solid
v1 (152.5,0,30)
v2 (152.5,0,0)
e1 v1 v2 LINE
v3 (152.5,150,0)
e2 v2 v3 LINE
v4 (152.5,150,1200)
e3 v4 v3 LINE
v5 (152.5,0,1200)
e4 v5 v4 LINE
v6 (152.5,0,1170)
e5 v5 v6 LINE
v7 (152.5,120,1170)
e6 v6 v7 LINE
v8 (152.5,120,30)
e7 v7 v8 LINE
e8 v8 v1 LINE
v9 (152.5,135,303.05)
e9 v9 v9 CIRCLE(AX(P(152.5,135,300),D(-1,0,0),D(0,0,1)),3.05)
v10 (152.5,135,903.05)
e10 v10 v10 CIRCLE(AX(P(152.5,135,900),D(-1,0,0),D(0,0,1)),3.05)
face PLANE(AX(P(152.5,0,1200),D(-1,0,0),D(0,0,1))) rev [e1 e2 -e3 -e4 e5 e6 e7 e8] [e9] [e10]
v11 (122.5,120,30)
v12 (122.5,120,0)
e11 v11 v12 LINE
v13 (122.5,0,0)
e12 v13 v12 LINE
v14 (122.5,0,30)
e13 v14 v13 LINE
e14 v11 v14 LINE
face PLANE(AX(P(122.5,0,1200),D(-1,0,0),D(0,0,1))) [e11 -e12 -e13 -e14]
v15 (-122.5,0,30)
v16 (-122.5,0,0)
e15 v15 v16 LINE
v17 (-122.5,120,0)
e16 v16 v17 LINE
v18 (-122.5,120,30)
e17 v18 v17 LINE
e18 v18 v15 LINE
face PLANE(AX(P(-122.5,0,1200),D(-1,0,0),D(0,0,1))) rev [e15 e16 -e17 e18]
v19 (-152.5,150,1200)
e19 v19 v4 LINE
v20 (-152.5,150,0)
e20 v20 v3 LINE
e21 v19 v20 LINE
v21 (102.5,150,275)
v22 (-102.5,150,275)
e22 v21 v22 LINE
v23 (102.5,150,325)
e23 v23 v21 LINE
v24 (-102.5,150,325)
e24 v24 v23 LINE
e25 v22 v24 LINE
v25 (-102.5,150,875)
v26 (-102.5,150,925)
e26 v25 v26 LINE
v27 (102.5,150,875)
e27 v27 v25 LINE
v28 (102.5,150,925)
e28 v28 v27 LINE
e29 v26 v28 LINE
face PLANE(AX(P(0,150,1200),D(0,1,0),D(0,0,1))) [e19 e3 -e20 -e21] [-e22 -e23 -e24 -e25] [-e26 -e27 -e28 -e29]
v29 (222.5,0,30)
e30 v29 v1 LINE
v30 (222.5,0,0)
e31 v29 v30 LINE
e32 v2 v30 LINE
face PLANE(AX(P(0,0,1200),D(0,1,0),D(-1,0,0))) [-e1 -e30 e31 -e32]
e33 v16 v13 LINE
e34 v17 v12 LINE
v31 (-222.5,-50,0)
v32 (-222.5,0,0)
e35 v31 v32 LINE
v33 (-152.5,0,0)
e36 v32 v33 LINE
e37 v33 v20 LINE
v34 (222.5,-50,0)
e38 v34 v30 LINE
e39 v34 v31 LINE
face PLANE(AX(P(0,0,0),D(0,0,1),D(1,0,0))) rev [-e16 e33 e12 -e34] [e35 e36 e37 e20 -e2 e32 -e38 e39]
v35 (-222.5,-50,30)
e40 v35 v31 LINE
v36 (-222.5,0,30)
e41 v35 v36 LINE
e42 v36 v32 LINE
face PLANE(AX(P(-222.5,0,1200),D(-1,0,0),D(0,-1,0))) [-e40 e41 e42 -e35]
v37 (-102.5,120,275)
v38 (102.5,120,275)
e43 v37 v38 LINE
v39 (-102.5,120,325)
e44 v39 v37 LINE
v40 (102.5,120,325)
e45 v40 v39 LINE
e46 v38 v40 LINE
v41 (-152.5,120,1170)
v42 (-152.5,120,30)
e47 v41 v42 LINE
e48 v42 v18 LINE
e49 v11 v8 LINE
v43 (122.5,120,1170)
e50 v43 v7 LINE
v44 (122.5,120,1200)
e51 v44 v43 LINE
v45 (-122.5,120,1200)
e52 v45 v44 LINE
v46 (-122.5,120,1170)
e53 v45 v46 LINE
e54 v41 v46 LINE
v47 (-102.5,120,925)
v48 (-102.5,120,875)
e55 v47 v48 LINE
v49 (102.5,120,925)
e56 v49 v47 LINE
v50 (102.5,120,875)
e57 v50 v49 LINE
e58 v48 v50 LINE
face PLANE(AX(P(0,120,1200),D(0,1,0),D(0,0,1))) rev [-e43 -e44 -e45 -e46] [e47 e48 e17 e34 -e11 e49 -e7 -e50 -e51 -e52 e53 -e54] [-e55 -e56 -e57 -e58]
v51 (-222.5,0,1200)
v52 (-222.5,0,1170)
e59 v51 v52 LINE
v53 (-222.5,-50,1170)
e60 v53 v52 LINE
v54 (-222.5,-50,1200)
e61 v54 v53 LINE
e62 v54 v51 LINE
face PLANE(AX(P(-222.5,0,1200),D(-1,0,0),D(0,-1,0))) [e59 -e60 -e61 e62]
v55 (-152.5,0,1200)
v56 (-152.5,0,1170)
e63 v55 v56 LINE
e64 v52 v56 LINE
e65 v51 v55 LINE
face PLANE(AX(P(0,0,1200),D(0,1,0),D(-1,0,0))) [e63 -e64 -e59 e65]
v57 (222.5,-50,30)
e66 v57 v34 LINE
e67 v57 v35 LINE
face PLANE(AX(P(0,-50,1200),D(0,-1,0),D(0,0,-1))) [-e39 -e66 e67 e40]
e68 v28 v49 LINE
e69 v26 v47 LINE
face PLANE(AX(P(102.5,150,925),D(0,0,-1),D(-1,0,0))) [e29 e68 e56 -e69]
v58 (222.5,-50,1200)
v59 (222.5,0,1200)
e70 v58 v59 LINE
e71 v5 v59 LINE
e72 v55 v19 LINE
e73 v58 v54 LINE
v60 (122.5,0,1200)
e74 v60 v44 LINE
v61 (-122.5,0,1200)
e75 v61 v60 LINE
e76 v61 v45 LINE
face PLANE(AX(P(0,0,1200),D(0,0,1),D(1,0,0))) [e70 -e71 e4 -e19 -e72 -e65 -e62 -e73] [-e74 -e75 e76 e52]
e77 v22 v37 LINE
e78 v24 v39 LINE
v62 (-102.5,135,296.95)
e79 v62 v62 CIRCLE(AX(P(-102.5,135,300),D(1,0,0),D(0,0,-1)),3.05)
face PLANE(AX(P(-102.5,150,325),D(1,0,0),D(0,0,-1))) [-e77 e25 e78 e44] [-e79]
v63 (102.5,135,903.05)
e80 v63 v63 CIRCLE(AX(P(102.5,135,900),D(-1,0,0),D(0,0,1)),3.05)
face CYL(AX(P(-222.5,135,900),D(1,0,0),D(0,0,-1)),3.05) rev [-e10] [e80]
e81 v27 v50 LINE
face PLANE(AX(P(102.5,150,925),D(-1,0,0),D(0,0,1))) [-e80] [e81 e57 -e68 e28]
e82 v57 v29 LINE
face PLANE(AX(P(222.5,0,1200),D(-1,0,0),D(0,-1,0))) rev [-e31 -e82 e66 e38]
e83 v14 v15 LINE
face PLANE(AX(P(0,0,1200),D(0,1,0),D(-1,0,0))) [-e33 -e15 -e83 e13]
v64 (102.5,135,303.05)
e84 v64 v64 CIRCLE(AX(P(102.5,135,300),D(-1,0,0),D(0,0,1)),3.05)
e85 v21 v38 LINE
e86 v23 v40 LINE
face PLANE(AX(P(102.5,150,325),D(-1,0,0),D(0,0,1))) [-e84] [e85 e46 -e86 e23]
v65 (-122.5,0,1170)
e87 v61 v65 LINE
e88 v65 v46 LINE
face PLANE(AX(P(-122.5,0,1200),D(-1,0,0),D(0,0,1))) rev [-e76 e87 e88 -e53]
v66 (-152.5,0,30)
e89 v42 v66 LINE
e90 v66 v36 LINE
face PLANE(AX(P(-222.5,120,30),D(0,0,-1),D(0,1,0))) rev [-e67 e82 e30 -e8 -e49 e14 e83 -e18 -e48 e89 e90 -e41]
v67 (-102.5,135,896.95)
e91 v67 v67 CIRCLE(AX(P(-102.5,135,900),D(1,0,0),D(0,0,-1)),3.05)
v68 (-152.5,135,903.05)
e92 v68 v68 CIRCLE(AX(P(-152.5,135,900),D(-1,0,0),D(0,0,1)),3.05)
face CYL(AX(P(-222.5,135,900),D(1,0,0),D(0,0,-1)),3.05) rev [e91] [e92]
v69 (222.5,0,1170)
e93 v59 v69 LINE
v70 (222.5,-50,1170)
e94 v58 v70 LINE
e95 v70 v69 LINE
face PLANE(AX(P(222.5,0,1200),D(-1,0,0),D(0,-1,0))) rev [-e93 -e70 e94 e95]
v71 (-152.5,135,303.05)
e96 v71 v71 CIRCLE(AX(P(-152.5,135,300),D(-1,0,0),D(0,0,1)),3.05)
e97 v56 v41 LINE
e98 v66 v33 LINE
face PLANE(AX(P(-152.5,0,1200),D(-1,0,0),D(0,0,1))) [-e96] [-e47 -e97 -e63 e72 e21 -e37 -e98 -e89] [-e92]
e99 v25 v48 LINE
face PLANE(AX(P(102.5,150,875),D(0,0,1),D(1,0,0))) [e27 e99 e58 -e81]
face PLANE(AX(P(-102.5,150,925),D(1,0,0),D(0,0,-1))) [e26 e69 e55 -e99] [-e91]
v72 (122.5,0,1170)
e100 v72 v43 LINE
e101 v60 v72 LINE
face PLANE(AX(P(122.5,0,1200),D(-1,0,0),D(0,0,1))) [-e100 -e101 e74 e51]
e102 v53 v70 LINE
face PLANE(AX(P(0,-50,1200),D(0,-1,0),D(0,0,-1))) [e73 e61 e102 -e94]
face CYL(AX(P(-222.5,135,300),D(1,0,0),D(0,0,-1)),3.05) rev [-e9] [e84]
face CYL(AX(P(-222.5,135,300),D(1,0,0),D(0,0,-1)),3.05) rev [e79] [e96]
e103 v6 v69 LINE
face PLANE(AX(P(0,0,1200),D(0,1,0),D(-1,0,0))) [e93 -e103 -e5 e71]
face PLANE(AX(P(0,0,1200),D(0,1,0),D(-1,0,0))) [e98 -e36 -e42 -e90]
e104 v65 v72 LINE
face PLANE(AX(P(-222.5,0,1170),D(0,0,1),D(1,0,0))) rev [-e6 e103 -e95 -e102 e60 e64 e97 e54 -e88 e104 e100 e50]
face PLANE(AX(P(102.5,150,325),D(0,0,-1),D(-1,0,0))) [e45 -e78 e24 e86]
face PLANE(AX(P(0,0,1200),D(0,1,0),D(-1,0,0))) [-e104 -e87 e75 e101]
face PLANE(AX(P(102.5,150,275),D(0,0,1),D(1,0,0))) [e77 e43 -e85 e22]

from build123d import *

# Parameters (mm, degrees)
BOSS_EXTRUDE1_DEPTH     = 1200
BOSS_EXTRUDE2_DEPTH     = 1200
CUT_EXTRUDE1_DEPTH      = 1230.636633319
CUT_EXTRUDE1_DEPTH_BACK = 1230.636633319
SKETCH2_W               = 1140
SKETCH2_H               = 120
CUT_EXTRUDE3_DEPTH      = 1230.636633319
SKETCH4_W               = 205
SKETCH4_H               = 50
CUT_EXTRUDE4_DEPTH      = 1230.636633319
CUT_EXTRUDE5_DEPTH      = 1230.636633319
CUT_EXTRUDE5_DEPTH_BACK = 1230.636633319
SKETCH5_R               = 3.05


with BuildPart() as part:
    # Sketch1 → Boss-Extrude1 (new body)
    with BuildSketch(Plane.XY):
        Polygon((-222.5, -50), (222.5, -50), (222.5, 0), (152.5, 0), (122.5, 0), (-122.5, 0), (-152.5, 0), (-222.5, 0), align=None)
    extrude(amount=BOSS_EXTRUDE1_DEPTH)

    # Sketch1<3> → Boss-Extrude2 (add)
    with BuildSketch(Plane.XY):
        Polygon((122.5, 0), (152.5, 0), (152.5, 150), (-152.5, 150), (-152.5, 0), (-122.5, 0), (-122.5, 120), (122.5, 120), align=None)
    extrude(amount=BOSS_EXTRUDE2_DEPTH)

    # Sketch2 → Cut-Extrude1 (cut, two sides: drawn at the far end of the back side and taken through both)
    with BuildSketch(Plane(origin=(0, 0, 0), x_dir=(0, 0, -1), z_dir=(1, 0, 0)).offset(-CUT_EXTRUDE1_DEPTH_BACK)):
        with Locations((-600, 60)):
            Rectangle(SKETCH2_W, SKETCH2_H)
    extrude(amount=CUT_EXTRUDE1_DEPTH + CUT_EXTRUDE1_DEPTH_BACK, mode=Mode.SUBTRACT)

    # Sketch3 → Cut-Extrude3 (cut, through all)
    with BuildSketch(Plane(origin=(0, 0, 0), x_dir=(1, 0, 0), z_dir=(0, 1, 0))):
        Polygon((-152.5, -30), (-222.5, -30), (-222.5, -1170), (-152.5, -1170), (152.5, -1170), (222.5, -1170), (222.5, -30), (152.5, -30), align=None)
    extrude(amount=-CUT_EXTRUDE3_DEPTH, mode=Mode.SUBTRACT)

    # Sketch4 → Cut-Extrude4 (cut, through all)
    with BuildSketch(Plane(origin=(0, 0, 0), x_dir=(1, 0, 0), z_dir=(0, 1, 0))):
        with Locations((0, -900)):
            Rectangle(SKETCH4_W, SKETCH4_H)
        with Locations((0, -300)):
            Rectangle(SKETCH4_W, SKETCH4_H)
    extrude(amount=CUT_EXTRUDE4_DEPTH, mode=Mode.SUBTRACT)

    # Sketch5 → Cut-Extrude5 (cut, two sides: drawn at the far end of the back side and taken through both)
    with BuildSketch(Plane(origin=(0, 0, 0), x_dir=(0, 0, -1), z_dir=(1, 0, 0)).offset(-CUT_EXTRUDE5_DEPTH_BACK)):
        with Locations((-900, 135)):
            Circle(SKETCH5_R)
        with Locations((-300, 135)):
            Circle(SKETCH5_R)
    extrude(amount=CUT_EXTRUDE5_DEPTH + CUT_EXTRUDE5_DEPTH_BACK, mode=Mode.SUBTRACT)


solid = part.part
